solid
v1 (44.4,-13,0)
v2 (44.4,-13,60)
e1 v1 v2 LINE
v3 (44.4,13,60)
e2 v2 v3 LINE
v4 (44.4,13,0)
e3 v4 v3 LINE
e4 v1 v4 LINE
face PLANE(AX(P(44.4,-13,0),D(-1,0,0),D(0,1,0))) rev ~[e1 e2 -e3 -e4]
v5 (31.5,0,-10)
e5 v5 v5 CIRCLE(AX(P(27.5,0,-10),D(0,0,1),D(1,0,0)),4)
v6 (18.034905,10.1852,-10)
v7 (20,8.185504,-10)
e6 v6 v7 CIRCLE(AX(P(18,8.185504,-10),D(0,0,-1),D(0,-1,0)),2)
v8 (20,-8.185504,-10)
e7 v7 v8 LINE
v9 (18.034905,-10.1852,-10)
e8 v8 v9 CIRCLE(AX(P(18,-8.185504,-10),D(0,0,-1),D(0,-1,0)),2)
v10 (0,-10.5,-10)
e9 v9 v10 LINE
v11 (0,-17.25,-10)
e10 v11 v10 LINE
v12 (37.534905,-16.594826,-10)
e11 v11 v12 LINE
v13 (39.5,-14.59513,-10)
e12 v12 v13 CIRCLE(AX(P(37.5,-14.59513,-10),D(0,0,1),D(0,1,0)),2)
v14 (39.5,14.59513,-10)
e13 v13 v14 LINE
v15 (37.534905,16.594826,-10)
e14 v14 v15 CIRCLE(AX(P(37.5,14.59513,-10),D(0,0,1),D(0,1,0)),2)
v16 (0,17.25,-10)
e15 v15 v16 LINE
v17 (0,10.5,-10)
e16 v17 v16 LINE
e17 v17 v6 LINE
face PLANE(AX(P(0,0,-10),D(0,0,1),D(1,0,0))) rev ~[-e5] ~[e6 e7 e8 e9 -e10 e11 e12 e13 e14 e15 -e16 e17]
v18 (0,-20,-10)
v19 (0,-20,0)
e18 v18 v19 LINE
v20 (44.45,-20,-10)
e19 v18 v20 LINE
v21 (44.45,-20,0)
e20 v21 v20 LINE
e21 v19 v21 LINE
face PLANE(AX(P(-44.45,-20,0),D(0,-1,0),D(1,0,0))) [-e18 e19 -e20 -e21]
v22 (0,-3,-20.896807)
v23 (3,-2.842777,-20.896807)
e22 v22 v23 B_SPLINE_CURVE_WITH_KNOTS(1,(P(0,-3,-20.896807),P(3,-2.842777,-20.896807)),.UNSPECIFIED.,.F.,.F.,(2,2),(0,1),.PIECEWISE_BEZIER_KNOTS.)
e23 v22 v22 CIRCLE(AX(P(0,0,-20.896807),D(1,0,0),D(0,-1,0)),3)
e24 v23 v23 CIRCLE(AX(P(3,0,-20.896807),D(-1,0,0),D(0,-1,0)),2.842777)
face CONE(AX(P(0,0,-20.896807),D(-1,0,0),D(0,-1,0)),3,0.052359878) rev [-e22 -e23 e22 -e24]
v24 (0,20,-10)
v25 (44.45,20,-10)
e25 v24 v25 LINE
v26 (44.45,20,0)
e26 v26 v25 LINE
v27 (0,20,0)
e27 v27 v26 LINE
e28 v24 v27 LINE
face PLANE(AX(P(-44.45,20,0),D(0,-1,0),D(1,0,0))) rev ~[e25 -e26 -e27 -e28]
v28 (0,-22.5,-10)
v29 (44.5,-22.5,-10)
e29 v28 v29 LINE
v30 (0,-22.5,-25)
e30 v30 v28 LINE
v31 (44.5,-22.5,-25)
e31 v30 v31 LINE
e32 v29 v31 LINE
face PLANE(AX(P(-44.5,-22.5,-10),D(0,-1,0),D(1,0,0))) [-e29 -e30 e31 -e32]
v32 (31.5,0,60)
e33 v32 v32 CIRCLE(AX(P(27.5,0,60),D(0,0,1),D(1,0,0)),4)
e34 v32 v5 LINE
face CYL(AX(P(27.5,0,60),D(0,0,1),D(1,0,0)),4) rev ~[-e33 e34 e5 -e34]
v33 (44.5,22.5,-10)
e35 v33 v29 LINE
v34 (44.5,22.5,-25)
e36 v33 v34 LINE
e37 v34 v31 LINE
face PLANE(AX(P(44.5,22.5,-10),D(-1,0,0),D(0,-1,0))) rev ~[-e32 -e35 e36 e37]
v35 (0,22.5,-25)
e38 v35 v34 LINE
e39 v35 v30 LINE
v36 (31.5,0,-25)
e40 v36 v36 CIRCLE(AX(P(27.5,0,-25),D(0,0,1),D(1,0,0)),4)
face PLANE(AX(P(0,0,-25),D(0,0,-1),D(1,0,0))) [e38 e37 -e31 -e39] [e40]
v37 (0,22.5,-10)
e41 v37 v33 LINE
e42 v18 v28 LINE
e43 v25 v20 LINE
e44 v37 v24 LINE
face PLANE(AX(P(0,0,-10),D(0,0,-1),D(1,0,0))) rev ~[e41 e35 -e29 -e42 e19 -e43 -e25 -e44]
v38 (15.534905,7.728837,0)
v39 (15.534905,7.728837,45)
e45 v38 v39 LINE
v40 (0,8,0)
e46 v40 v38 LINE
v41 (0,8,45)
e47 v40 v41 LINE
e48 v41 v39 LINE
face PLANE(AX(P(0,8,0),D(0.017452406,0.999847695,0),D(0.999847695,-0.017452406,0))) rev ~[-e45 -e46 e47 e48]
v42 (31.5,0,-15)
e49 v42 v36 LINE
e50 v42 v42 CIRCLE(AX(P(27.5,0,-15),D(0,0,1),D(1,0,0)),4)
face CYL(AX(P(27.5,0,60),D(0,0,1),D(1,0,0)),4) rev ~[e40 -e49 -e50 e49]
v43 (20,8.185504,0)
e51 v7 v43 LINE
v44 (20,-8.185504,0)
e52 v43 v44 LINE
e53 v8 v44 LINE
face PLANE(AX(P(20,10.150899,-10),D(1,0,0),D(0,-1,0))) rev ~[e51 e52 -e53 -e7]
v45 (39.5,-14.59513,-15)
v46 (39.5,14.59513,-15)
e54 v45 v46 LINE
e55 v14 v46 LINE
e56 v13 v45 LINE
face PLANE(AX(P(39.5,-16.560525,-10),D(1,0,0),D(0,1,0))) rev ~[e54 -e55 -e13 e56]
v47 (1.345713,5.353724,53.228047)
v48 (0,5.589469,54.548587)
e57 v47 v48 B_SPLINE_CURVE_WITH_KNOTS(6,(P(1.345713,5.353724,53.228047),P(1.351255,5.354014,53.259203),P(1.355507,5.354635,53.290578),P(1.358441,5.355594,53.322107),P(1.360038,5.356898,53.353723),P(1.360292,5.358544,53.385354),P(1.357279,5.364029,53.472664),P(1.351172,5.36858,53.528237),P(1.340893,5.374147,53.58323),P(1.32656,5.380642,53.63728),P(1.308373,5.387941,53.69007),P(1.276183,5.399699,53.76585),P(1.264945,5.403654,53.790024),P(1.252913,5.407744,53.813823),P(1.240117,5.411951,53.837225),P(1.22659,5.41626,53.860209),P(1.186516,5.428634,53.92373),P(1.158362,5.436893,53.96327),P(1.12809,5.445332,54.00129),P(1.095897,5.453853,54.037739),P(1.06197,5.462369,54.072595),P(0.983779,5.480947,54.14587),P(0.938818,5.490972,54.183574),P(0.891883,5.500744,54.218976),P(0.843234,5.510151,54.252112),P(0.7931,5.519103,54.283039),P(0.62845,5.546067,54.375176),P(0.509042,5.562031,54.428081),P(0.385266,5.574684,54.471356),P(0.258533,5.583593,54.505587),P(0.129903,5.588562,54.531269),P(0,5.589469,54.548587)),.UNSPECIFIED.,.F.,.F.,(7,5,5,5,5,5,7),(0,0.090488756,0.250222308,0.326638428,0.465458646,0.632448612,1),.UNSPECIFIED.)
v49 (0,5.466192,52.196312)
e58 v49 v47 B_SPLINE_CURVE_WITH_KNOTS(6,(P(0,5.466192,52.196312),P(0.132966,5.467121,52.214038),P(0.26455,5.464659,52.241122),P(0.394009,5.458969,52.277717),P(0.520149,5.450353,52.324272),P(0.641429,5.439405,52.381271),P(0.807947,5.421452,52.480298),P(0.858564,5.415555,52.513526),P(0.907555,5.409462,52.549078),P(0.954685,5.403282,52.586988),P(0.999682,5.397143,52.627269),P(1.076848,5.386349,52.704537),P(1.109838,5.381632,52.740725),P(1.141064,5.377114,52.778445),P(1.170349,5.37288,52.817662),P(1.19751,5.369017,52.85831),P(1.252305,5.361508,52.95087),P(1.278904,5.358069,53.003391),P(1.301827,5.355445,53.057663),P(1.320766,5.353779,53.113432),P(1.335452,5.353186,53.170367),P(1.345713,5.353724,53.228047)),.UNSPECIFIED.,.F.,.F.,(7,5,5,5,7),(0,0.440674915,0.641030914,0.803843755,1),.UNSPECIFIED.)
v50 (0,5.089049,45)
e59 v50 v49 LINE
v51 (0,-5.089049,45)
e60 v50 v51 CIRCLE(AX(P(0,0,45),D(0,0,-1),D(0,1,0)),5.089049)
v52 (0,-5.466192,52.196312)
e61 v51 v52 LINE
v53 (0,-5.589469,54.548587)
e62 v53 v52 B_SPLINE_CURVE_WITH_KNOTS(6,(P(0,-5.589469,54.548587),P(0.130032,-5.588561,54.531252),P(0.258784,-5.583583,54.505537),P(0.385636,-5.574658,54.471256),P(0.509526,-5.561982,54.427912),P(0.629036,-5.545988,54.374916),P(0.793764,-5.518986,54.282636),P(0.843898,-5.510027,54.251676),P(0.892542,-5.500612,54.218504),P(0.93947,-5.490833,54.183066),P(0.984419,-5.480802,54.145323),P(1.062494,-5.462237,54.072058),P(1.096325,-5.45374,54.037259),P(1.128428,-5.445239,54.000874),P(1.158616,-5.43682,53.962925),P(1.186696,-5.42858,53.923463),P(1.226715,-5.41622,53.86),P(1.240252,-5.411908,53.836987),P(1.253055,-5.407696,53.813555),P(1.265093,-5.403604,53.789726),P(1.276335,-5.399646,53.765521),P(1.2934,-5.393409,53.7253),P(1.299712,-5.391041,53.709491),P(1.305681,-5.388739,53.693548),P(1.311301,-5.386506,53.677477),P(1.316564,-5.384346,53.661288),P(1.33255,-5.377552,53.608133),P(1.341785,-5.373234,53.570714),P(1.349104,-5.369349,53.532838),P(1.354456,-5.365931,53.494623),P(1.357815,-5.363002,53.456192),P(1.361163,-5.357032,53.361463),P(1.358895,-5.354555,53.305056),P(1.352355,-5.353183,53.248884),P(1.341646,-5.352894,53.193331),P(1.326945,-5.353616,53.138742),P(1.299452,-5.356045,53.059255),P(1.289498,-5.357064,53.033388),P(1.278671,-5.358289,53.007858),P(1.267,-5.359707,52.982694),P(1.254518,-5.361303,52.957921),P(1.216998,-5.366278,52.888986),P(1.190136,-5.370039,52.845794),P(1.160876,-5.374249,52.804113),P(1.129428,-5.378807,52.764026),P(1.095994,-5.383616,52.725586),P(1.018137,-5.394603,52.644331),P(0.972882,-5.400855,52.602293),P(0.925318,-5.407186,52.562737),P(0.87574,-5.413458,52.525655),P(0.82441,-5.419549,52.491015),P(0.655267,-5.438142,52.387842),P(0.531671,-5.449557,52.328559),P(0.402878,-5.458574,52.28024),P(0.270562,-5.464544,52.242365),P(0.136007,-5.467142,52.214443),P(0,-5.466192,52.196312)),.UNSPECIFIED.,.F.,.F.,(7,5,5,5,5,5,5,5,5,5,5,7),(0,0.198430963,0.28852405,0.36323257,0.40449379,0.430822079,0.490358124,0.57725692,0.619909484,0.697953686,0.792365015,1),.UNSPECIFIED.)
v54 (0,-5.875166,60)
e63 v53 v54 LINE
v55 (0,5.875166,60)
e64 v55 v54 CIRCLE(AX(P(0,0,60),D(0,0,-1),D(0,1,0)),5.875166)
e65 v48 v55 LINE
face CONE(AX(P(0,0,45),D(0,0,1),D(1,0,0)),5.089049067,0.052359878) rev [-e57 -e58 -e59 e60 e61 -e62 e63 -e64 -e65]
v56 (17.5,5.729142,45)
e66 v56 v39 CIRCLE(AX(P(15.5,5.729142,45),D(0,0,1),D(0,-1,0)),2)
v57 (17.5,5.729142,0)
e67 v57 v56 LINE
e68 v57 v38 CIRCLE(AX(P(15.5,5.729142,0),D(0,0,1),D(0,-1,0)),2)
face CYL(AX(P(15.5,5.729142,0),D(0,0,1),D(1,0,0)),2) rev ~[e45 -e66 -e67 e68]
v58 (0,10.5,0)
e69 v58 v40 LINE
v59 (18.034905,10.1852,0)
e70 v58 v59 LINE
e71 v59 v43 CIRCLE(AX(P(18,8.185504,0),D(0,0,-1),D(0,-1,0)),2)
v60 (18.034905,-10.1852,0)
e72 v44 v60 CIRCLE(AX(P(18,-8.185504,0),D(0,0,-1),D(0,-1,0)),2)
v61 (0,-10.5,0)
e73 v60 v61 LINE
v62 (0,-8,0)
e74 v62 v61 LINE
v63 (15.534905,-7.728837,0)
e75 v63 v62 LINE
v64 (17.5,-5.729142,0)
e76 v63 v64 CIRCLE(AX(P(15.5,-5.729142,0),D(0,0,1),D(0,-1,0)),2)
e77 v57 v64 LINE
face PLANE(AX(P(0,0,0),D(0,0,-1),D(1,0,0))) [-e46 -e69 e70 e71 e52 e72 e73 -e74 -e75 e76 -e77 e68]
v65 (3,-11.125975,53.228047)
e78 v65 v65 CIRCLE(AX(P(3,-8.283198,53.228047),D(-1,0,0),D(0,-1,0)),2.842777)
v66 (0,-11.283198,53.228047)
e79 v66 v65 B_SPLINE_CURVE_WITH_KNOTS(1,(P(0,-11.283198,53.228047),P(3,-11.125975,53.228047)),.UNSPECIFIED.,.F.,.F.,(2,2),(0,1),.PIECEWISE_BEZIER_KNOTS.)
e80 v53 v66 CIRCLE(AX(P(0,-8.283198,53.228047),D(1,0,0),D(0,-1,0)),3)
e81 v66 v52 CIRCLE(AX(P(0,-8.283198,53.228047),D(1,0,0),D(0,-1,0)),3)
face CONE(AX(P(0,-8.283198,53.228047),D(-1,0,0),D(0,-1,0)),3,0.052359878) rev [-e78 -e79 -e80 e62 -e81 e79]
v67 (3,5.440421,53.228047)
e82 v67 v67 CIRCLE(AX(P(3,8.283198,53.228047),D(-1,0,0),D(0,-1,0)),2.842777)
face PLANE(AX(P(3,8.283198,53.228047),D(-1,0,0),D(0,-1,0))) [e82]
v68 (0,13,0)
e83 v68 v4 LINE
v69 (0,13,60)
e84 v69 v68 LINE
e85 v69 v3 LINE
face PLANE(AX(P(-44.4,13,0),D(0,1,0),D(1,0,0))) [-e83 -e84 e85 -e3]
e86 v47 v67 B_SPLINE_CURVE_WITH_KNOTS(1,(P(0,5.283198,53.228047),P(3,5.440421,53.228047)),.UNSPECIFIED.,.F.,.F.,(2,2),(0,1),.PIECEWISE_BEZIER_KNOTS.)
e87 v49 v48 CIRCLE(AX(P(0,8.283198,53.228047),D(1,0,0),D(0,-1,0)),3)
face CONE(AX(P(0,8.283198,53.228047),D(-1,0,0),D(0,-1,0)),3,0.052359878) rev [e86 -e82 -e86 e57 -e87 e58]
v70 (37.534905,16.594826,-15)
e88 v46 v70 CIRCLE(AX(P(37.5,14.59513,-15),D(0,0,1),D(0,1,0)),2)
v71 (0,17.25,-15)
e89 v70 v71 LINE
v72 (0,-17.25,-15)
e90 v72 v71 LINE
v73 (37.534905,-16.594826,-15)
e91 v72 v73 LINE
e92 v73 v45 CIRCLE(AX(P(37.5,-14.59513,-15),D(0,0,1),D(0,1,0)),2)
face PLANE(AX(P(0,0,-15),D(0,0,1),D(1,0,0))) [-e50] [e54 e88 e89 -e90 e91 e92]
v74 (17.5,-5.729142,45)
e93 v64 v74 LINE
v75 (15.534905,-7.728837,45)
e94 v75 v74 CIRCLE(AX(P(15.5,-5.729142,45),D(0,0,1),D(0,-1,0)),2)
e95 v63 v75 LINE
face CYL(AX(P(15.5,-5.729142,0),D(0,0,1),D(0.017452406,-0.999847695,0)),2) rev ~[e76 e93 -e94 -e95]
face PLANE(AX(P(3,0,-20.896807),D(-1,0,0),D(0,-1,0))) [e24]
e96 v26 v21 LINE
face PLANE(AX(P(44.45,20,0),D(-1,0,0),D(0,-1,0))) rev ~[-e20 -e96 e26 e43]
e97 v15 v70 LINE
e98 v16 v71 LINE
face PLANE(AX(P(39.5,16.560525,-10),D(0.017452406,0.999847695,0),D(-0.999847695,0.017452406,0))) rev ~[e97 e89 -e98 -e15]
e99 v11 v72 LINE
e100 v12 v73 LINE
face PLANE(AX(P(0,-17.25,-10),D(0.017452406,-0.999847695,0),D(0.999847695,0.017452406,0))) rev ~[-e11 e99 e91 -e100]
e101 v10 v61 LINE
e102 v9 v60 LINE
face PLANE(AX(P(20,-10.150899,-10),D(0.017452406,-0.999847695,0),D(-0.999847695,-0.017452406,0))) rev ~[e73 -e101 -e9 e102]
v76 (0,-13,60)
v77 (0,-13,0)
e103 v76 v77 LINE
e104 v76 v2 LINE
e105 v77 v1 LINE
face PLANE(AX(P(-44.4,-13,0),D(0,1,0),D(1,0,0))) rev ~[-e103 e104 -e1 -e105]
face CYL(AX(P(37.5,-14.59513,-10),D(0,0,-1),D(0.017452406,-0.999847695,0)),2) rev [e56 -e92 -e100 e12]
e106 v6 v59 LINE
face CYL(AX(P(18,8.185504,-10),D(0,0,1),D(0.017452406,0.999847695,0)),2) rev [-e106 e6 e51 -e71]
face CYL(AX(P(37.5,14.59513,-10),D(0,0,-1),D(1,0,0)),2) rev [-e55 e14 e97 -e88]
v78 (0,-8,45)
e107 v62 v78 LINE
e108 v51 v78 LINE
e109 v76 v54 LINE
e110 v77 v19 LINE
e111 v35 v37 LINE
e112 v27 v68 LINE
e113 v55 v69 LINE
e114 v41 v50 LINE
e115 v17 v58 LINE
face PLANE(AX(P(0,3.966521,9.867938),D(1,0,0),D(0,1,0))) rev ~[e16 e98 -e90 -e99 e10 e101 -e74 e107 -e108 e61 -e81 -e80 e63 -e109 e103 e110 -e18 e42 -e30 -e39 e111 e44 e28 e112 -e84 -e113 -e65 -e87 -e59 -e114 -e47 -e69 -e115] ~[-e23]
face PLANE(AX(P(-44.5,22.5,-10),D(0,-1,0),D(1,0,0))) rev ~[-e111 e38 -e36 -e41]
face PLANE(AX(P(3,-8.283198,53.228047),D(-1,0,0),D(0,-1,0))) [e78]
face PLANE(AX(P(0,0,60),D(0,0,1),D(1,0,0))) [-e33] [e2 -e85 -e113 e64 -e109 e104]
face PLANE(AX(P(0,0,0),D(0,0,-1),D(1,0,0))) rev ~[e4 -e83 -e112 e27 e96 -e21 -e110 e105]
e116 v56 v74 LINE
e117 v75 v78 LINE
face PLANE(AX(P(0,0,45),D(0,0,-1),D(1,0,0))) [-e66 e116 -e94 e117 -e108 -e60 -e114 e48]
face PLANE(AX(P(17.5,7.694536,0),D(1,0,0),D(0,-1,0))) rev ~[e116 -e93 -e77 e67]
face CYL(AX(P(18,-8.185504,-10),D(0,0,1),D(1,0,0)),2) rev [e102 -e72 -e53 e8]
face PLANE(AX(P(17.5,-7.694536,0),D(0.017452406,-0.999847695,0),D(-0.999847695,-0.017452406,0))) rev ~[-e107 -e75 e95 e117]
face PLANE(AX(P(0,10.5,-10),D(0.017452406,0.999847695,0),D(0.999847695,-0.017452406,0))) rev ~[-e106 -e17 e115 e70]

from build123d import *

# Parameters (mm, degrees)
F0_W      = 88.8
F0_H      = 26
F1_DEPTH  = 60
F3_DEPTH  = 45
F4_R      = 2
F5_W      = 88.9
F5_H      = 40
F6_DEPTH  = 10
F8_DEPTH  = 10
F9_R      = 2
F10_W     = 89
F10_H     = 45
F11_DEPTH = 15
F13_DEPTH = 5
F14_R     = 2
F15_R     = 4.6723110677
F15_R_2   = 4
F16_DEPTH = 85.001
F17_W     = 79.5239582658
F17_H     = 118.802215904
F18_DEPTH = 80
F19_R     = 3
F20_DEPTH = 3
F20_TAPER = -3
F21_DEPTH = 3
F21_TAPER = 3
F22_R     = 5.0890490665
F23_DEPTH = 25
F23_TAPER = -3


with BuildPart() as f1:
    # F0 (on Top) → F1 (new body)
    with BuildSketch(Plane.XY):
        Rectangle(F0_W, F0_H)
    extrude(amount=F1_DEPTH)

    # F2 (on face) → F3 (cut)
    with BuildSketch(Plane(origin=(0, 0, 0), x_dir=(1, 0, 0), z_dir=(0, 0, -1))):
        Polygon((-17.5, -7.6945363638), (0, -8), (17.5, -7.6945363638), (17.5, 7.6945363638), (0, 8), (-17.5, 7.6945363638), align=None)
    extrude(amount=-F3_DEPTH, mode=Mode.SUBTRACT)

    # F4
    f4_edges = [f1.edges().sort_by_distance(p)[0] for p in [
        (-17.5, 7.694536, 22.5),
        (-17.5, -7.694536, 22.5),
        (17.5, -7.694536, 22.5),
        (17.5, 7.694536, 22.5),
    ]]
    fillet(f4_edges, radius=F4_R)

    # F5 (on face) → F6 (join)
    with BuildSketch(Plane(origin=(0, 0, 0), x_dir=(1, 0, 0), z_dir=(0, 0, -1))):
        Rectangle(F5_W, F5_H)
    extrude(amount=F6_DEPTH)

    # F7 (on face) → F8 (cut)
    with BuildSketch(Plane(origin=(0, 0, -10), x_dir=(1, 0, 0), z_dir=(0, 0, -1))):
        Polygon((-20, -10.1508987014), (0, -10.5), (20, -10.1508987014), (20, 10.1508987014), (0, 10.5), (-20, 10.1508987014), align=None)
    extrude(amount=-F8_DEPTH, mode=Mode.SUBTRACT)

    # F9
    f9_edges = [f1.edges().sort_by_distance(p)[0] for p in [
        (-20, 10.150899, -5),
        (-20, -10.150899, -5),
        (20, 10.150899, -5),
        (20, -10.150899, -5),
    ]]
    fillet(f9_edges, radius=F9_R)

    # F10 (on face) → F11 (join)
    with BuildSketch(Plane(origin=(0, 0, -10), x_dir=(1, 0, 0), z_dir=(0, 0, -1))):
        Rectangle(F10_W, F10_H)
    extrude(amount=F11_DEPTH)

    # F12 (on face) → F13 (cut)
    with BuildSketch(Plane.XY.offset(-10)):
        Polygon((-39.5, -16.5605249353), (0, -17.25), (39.5, -16.5605249353), (39.5, 16.5605249353), (0, 17.25), (-39.5, 16.5605249353), align=None)
    extrude(amount=-F13_DEPTH, mode=Mode.SUBTRACT)

    # F14
    f14_edges = [f1.edges().sort_by_distance(p)[0] for p in [
        (-39.5, 16.560525, -12.5),
        (-39.5, -16.560525, -12.5),
        (39.5, -16.560525, -12.5),
        (39.5, 16.560525, -12.5),
    ]]
    fillet(f14_edges, radius=F14_R)

    # F15 (on face) → F16 (cut, through all)
    with BuildSketch(Plane.XY.offset(60)):
        with Locations((-27.5, 0)):
            Circle(F15_R)
        with Locations((27.5, 0)):
            Circle(F15_R_2)
    extrude(amount=-F16_DEPTH, mode=Mode.SUBTRACT)

    # F17 (on Right) → F18 (cut)
    with BuildSketch(Plane.YZ):
        with Locations((3.9665214717, 9.8679382354)):
            Rectangle(F17_W, F17_H)
    extrude(amount=-F18_DEPTH, mode=Mode.SUBTRACT)

    # F19 (on face) → F20 (join)
    with BuildSketch(Plane(origin=(0, 0, 0), x_dir=(0, -1, 0), z_dir=(-1, 0, 0))):
        with Locations((8.2831978798, 53.2280467451)):
            Circle(F19_R)
        with Locations((0, -20.896807313)):
            Circle(F19_R)
        with Locations((-8.2831978798, 53.2280467451)):
            Circle(F19_R)
    extrude(amount=-F20_DEPTH, taper=F20_TAPER)

    # F19 (on face) → F21 (cut)
    with BuildSketch(Plane(origin=(0, 0, 0), x_dir=(0, -1, 0), z_dir=(-1, 0, 0))):
        with Locations((8.2831978798, 53.2280467451)):
            Circle(F19_R)
        with Locations((0, -20.896807313)):
            Circle(F19_R)
        with Locations((-8.2831978798, 53.2280467451)):
            Circle(F19_R)
    extrude(amount=-F21_DEPTH, taper=F21_TAPER, mode=Mode.SUBTRACT)

    # F22 (on face) → F23 (cut)
    with BuildSketch(Plane(origin=(0, 0, 45), x_dir=(1, 0, 0), z_dir=(0, 0, -1))):
        Circle(F22_R)
    extrude(amount=-F23_DEPTH, taper=F23_TAPER, mode=Mode.SUBTRACT)


solid = f1.part
